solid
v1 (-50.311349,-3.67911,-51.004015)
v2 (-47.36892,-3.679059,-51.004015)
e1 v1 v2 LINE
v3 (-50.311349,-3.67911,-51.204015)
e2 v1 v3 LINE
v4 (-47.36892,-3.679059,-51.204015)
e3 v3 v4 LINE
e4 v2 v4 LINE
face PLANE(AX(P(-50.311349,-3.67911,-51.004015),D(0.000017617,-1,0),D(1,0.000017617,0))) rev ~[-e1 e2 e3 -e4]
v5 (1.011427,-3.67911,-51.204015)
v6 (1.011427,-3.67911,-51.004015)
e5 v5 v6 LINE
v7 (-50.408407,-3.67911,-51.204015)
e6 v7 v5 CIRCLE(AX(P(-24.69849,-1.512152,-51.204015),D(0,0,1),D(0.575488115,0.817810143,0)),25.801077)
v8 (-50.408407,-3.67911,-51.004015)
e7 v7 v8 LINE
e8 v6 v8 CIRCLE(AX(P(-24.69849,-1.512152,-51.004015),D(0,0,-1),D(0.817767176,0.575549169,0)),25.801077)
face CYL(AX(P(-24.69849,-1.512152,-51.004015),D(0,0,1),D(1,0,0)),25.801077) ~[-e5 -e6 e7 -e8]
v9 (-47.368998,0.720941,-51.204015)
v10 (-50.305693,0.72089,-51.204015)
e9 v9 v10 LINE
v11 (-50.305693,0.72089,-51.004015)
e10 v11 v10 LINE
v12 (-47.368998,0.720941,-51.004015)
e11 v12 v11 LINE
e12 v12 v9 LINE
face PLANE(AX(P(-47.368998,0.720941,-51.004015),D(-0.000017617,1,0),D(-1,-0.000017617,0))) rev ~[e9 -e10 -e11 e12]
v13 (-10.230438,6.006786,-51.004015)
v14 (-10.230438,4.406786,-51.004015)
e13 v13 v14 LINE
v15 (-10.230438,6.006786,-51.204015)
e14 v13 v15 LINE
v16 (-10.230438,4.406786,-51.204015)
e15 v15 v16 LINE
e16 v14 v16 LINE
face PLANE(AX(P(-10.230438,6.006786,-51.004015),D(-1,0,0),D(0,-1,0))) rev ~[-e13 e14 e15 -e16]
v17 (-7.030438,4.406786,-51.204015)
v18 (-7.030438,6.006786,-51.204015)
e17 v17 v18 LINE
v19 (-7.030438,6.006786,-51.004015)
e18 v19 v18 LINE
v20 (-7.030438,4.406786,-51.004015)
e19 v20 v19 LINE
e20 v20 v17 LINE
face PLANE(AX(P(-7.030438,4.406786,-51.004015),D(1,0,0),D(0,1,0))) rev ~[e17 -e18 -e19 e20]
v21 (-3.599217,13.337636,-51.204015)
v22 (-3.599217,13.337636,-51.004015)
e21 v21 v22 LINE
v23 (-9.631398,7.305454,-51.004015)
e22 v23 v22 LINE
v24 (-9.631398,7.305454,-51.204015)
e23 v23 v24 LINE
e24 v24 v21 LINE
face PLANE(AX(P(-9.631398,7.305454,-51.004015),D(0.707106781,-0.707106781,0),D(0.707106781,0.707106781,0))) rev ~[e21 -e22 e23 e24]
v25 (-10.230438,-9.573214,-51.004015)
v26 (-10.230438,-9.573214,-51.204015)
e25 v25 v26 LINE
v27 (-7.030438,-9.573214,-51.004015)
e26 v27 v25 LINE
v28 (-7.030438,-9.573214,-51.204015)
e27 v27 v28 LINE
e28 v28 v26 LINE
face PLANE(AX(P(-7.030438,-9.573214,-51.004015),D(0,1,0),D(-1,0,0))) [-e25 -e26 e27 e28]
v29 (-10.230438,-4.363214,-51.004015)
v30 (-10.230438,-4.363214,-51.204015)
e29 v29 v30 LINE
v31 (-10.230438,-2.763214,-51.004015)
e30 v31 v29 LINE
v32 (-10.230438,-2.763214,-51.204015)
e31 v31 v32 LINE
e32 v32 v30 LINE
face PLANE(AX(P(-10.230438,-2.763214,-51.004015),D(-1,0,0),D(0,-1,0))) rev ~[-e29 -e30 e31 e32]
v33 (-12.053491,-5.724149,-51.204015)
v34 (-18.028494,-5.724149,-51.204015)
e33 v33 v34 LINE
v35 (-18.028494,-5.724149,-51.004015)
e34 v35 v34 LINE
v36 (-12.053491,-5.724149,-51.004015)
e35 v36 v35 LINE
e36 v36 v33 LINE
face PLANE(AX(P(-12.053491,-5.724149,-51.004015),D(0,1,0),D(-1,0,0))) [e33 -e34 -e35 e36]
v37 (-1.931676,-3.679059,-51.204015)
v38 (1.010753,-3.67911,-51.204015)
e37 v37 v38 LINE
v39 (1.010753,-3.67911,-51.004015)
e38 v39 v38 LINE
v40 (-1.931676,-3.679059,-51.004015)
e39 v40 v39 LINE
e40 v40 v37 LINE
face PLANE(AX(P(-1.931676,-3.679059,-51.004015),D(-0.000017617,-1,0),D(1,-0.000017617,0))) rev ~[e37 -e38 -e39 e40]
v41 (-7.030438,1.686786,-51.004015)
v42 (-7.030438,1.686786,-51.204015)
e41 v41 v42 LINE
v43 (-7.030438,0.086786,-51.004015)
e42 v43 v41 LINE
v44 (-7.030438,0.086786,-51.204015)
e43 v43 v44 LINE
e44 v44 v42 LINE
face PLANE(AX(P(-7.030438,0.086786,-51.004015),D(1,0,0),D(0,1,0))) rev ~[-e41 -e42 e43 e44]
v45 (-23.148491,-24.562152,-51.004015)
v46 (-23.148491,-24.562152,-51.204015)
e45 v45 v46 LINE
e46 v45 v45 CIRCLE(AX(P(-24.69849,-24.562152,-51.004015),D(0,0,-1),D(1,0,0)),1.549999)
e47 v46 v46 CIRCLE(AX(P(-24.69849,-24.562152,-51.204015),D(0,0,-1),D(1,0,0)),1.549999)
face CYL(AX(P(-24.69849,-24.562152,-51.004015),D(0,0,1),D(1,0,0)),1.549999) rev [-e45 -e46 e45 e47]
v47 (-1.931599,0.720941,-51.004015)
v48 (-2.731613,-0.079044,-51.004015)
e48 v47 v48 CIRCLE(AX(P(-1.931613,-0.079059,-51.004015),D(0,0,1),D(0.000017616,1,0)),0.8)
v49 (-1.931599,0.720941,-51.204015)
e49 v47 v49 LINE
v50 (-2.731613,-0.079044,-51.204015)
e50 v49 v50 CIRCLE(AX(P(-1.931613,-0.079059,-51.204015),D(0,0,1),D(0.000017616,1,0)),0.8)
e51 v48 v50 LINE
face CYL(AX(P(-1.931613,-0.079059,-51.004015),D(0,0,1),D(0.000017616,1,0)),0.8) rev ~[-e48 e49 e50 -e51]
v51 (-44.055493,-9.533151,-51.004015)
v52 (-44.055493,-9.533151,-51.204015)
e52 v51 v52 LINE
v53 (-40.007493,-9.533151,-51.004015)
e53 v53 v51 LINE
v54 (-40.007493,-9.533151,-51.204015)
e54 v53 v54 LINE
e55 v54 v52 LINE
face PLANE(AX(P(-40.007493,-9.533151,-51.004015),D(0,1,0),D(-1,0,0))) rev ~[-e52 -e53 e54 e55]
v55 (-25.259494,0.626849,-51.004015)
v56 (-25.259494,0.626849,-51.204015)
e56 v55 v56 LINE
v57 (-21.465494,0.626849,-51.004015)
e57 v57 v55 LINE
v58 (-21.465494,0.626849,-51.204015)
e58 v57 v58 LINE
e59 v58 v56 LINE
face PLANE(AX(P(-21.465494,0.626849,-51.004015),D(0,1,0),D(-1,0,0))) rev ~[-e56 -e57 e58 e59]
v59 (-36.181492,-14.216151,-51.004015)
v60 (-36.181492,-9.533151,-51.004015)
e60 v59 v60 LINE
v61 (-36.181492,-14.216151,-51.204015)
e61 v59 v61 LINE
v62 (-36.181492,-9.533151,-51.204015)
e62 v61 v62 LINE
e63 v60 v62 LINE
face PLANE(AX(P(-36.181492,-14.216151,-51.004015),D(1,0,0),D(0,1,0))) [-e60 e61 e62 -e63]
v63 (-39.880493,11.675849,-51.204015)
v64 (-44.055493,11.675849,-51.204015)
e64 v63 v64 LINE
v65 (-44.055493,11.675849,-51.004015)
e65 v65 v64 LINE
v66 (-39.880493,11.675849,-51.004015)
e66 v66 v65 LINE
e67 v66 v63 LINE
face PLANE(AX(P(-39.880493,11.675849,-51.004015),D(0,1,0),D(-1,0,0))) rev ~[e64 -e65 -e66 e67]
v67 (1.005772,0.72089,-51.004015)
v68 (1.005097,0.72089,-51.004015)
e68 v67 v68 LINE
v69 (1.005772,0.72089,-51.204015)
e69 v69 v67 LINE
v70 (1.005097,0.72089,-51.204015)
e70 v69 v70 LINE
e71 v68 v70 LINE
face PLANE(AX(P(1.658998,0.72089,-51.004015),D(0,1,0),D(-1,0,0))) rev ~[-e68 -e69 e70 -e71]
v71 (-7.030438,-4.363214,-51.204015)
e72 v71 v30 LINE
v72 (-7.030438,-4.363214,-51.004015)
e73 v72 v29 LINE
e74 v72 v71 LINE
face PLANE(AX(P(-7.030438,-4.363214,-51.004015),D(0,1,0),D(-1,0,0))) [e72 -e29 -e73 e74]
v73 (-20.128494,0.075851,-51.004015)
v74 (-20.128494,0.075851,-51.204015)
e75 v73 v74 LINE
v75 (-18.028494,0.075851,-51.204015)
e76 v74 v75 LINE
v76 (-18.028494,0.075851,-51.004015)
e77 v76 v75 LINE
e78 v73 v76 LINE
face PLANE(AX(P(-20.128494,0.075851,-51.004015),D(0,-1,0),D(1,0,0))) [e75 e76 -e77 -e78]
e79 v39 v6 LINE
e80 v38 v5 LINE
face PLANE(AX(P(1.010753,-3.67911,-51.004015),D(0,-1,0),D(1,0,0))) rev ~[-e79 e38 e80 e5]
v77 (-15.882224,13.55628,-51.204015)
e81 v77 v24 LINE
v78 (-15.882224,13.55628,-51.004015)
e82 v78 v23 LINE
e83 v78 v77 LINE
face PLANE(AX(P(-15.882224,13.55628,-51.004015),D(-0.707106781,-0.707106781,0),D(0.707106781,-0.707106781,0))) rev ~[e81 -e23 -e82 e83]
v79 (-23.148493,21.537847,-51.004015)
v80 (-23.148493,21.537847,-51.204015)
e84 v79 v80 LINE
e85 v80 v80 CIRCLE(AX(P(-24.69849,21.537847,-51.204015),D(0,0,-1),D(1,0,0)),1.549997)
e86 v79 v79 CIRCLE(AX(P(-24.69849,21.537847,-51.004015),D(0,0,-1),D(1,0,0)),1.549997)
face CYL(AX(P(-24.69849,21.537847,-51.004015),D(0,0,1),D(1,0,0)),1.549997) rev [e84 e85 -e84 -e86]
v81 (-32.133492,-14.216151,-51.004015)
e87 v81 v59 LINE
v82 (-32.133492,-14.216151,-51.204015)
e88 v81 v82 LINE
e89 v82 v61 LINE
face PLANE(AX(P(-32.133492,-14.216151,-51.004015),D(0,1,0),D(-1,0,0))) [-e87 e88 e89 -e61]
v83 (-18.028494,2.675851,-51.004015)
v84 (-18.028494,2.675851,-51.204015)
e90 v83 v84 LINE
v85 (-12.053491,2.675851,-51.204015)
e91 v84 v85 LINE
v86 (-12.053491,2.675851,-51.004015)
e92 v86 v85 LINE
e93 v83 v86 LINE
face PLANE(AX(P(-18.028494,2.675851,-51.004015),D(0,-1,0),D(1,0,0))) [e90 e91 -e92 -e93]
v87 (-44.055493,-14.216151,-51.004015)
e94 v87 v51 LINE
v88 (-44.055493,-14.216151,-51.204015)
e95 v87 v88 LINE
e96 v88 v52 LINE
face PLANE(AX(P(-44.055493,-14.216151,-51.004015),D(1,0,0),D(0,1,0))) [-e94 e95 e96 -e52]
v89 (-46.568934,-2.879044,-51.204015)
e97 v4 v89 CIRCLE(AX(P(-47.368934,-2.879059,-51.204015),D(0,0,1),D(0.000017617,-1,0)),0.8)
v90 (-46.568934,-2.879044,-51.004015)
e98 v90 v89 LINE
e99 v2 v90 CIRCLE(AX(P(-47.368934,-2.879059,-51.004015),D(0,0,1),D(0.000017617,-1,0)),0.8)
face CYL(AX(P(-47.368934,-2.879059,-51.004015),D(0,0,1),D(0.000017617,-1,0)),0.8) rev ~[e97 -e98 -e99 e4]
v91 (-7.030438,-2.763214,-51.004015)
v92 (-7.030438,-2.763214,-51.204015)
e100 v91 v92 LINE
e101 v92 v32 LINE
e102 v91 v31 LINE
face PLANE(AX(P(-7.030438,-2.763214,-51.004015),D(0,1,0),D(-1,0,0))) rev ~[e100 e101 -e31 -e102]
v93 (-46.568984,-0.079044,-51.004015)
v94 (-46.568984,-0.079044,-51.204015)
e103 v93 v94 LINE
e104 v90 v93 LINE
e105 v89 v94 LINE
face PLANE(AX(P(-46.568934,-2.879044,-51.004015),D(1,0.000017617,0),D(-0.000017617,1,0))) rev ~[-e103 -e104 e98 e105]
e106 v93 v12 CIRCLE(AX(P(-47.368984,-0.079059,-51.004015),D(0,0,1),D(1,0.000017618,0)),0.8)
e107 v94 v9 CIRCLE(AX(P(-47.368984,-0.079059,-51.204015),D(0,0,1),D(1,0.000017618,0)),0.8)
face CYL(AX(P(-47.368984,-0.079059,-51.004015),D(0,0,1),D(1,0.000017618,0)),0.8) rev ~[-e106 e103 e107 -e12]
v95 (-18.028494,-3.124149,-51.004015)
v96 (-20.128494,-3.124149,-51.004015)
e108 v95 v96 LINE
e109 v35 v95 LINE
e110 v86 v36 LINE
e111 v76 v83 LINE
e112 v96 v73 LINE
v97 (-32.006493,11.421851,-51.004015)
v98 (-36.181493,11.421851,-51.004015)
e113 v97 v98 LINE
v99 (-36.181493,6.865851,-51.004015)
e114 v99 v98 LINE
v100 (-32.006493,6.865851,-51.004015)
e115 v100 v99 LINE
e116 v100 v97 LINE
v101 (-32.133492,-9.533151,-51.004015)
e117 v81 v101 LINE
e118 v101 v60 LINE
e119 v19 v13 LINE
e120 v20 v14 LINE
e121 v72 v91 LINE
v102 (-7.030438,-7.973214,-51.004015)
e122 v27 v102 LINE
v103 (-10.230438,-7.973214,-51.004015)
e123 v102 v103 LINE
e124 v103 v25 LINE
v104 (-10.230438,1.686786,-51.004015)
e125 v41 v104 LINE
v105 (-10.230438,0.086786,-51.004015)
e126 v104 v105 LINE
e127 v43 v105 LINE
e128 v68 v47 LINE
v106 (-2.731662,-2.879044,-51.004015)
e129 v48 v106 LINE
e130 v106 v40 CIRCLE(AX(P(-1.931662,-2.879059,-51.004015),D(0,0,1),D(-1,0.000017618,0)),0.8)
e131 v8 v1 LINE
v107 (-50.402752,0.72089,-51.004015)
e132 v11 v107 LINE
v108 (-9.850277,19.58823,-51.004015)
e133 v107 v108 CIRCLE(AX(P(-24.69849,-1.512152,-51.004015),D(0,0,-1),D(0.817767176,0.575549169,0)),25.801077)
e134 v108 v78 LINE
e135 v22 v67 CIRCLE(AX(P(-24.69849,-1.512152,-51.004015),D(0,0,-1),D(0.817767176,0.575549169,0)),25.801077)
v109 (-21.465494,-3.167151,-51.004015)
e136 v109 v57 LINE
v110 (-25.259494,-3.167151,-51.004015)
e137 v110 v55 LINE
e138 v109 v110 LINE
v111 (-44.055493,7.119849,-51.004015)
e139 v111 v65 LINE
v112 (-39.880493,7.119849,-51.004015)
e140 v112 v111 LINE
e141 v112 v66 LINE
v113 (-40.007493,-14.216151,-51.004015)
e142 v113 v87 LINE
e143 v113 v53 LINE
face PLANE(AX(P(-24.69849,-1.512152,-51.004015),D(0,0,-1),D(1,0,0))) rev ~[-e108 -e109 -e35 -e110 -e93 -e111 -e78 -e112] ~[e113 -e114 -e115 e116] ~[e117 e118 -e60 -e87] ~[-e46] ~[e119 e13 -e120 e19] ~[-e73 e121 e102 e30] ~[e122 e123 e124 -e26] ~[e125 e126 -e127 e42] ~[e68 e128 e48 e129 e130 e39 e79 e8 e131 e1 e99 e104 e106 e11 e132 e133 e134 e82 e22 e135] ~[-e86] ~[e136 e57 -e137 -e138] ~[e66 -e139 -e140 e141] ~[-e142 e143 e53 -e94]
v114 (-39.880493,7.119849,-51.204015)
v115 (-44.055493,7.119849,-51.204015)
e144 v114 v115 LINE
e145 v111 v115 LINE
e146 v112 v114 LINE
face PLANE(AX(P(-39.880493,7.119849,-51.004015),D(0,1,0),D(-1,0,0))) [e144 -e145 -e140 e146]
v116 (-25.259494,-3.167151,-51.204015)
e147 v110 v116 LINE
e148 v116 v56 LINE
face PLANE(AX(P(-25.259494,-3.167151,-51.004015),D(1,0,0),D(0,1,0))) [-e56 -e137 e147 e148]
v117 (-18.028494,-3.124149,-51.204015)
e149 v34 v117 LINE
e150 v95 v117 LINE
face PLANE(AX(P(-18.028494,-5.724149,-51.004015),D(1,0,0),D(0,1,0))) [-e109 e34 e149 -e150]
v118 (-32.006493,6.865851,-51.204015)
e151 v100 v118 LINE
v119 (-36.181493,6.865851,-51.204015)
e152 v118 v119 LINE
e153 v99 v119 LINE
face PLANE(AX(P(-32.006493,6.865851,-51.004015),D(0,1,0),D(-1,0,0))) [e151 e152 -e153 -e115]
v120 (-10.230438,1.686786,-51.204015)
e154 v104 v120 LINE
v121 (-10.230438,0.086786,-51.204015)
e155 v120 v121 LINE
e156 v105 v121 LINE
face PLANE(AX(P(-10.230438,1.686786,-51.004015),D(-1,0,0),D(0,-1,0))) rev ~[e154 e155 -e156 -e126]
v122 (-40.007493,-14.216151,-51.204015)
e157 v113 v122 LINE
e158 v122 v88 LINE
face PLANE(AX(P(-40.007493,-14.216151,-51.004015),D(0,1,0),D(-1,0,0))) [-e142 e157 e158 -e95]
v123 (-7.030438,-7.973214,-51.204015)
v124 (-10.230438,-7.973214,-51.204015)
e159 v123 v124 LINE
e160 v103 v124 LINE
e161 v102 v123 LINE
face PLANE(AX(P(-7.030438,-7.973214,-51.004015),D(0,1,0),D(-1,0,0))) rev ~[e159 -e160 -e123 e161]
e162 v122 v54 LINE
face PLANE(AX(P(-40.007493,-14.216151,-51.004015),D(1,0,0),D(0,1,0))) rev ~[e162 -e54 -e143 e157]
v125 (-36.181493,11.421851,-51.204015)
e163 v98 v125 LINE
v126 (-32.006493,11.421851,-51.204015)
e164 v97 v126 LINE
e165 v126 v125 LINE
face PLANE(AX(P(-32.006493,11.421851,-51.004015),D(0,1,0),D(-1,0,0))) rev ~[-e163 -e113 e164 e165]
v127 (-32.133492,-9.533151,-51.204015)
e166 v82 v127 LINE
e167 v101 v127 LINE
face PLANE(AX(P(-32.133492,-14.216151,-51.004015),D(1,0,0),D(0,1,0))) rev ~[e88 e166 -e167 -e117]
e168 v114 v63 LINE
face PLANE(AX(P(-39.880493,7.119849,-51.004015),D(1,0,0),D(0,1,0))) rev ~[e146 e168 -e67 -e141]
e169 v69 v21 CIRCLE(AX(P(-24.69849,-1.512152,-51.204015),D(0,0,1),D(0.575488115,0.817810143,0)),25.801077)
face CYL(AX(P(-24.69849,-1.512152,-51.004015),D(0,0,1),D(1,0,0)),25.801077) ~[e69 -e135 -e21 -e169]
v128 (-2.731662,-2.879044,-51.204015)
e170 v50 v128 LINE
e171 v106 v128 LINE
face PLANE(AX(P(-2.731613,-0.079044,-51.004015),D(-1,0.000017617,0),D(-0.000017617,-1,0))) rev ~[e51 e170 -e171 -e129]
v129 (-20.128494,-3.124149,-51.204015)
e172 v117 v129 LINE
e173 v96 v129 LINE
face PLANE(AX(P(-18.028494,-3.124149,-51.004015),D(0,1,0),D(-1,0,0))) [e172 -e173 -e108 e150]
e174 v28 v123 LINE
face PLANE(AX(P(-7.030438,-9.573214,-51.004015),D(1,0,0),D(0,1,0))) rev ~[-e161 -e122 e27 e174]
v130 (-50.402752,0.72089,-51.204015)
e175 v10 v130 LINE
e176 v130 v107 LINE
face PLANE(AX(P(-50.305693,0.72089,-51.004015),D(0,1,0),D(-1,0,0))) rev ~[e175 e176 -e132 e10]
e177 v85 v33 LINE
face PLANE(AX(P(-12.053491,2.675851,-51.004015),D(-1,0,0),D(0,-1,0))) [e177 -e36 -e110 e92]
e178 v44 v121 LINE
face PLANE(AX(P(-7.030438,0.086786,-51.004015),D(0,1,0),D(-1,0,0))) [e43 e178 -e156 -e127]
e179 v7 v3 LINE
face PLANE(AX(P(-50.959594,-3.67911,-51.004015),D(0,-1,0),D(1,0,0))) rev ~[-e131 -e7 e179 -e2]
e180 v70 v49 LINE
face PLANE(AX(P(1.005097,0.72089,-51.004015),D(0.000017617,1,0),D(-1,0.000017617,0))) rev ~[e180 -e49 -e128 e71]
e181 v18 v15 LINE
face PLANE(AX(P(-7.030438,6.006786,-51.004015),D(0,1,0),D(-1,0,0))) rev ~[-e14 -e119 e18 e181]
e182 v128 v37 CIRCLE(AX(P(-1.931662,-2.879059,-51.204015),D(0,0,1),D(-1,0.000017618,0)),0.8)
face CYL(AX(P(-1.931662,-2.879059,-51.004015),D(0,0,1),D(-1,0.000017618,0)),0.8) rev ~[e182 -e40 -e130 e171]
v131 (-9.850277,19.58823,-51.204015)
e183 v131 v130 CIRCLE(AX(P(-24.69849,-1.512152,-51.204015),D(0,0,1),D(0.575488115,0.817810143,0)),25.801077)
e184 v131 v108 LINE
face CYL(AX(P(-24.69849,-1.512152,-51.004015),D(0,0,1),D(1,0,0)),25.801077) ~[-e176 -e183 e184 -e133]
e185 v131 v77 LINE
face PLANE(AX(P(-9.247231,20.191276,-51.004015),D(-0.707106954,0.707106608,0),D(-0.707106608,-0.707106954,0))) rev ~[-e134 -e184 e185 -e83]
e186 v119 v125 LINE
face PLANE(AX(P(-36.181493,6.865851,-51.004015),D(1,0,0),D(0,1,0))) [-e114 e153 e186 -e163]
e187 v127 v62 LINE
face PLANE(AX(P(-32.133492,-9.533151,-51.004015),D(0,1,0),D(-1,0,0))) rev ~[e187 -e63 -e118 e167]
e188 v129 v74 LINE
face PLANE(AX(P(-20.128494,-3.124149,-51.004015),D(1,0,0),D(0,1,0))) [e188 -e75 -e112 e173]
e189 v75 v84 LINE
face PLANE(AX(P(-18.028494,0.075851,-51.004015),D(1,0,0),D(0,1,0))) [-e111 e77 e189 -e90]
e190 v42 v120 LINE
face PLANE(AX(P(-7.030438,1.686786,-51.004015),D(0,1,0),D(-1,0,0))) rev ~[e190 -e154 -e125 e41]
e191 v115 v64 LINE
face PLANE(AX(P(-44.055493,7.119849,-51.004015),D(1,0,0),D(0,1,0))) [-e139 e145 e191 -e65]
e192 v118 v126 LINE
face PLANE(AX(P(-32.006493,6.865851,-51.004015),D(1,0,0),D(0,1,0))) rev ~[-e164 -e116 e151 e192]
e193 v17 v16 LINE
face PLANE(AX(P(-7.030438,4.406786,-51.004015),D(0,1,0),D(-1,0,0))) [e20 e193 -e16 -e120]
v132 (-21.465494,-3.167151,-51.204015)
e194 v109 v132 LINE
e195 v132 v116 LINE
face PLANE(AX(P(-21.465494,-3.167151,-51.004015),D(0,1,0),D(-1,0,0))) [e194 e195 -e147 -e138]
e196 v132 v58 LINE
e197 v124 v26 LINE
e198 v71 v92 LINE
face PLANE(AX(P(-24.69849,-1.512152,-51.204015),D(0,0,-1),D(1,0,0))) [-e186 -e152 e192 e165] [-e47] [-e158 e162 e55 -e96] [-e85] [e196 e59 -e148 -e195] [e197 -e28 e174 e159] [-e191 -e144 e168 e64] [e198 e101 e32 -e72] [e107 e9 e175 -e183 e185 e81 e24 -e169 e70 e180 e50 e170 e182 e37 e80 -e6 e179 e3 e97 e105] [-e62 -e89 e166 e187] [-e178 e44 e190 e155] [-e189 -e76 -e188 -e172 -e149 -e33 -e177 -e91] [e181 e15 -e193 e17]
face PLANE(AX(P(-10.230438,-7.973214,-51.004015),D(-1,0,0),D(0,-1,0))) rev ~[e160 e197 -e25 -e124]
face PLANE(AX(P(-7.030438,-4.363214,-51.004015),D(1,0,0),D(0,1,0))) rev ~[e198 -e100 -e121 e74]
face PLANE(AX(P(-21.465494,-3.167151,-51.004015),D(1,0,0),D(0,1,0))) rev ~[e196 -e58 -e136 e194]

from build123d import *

# Parameters (mm, degrees)
EXTRUDE_START       = -3.8
SKETCH_1_R          = 25.801076528
SKETCH_1_R_2        = 1.549997321
SKETCH_1_R_3        = 1.54999944
EXTRUDE_1_DEPTH     = 0.2
CUT_EXTRUDE_START   = -3.8
SKETCH_2_W          = 3.794
SKETCH_2_H          = 3.794
SKETCH_2_W_2        = 4.175
SKETCH_2_H_2        = 4.556
SKETCH_2_W_3        = 4.048
SKETCH_2_H_3        = 4.683
CUT_EXTRUDE_1_DEPTH = 0.2
CUT_EXTRUDE_2_DEPTH = 0.2
CUT_EXTRUDE_3_DEPTH = 0.2
CUT_EXTRUDE_4_DEPTH = 0.2
CUT_EXTRUDE_5_DEPTH = 0.2


with BuildPart() as part:
    # 草图1 → 凸台-拉伸1 (new body)
    with BuildSketch(Plane(origin=(0, 0, -54.8040151), x_dir=(-1, 0, 0), z_dir=(0, 0, -1)).offset(EXTRUDE_START)):
        with Locations(Location((24.698490112, -1.512152456, 0), (0, 0, 180))):
            Circle(SKETCH_1_R)
        with Locations(Location((24.698490112, 21.537847164, 0), (0, 0, 180))):
            Circle(SKETCH_1_R_2, mode=Mode.SUBTRACT)
        with Locations(Location((24.698490112, -24.562152076, 0), (0, 0, 180))):
            Circle(SKETCH_1_R_3, mode=Mode.SUBTRACT)
    extrude(amount=EXTRUDE_1_DEPTH)

    # 草图2 → 切除-拉伸1 (cut)
    with BuildSketch(Plane(origin=(0, 0, -54.8040151), x_dir=(-1, 0, 0), z_dir=(0, 0, -1)).offset(CUT_EXTRUDE_START)):
        with Locations((23.362494109, -1.270150744)):
            Rectangle(SKETCH_2_W, SKETCH_2_H)
        with Locations((34.093992827, 9.14385072)):
            Rectangle(SKETCH_2_W_2, SKETCH_2_H_2)
        with Locations((41.967993376, 9.397848523)):
            Rectangle(SKETCH_2_W_2, SKETCH_2_H_2)
        with Locations((34.157492278, -11.874650561)):
            Rectangle(SKETCH_2_W_3, SKETCH_2_H_3)
        with Locations((42.031492827, -11.874650561)):
            Rectangle(SKETCH_2_W_3, SKETCH_2_H_3)
    extrude(amount=CUT_EXTRUDE_1_DEPTH, mode=Mode.SUBTRACT)

    # 草图3 → 切除-拉伸2 (cut)
    with BuildSketch(Plane(origin=(0, 0, -54.8040151), x_dir=(-1, 0, 0), z_dir=(0, 0, -1)).offset(CUT_EXTRUDE_START)):
        Polygon((15.882224059, 13.556279819), (9.63139829, 7.305454051), (2.996403479, 13.940448863), (9.247230868, 20.191276253), align=None)
    extrude(amount=CUT_EXTRUDE_2_DEPTH, mode=Mode.SUBTRACT)

    # 草图4 → 切除-拉伸3 (cut)
    with BuildSketch(Plane(origin=(0, 0, -54.8040151), x_dir=(-1, 0, 0), z_dir=(0, 0, -1)).offset(CUT_EXTRUDE_START)):
        Polygon((7.030438471, 4.406785556), (7.030438471, 6.006785556), (10.230438471, 6.006785556), (10.230438471, 4.406785556), (8.630438471, 4.406785556), align=None)
        Polygon((7.030438471, 0.086785556), (7.030438471, 1.686785556), (10.230438471, 1.686785556), (10.230438471, 0.086785556), (8.630438471, 0.086785556), align=None)
        Polygon((7.030438471, -4.363214444), (7.030438471, -2.763214444), (10.230438471, -2.763214444), (10.230438471, -4.363214444), (8.630438471, -4.363214444), align=None)
        Polygon((7.030438471, -9.573214444), (7.030438471, -7.973214444), (10.230438471, -7.973214444), (10.230438471, -9.573214444), (8.630438471, -9.573214444), align=None)
    extrude(amount=CUT_EXTRUDE_3_DEPTH, mode=Mode.SUBTRACT)

    # 草图5 → 切除-拉伸4 (cut)
    with BuildSketch(Plane(origin=(0, 0, -54.8040151), x_dir=(-1, 0, 0), z_dir=(0, 0, -1)).offset(CUT_EXTRUDE_START)):
        Polygon((14.853491423, 2.675851453), (12.053491423, 2.675851453), (12.053491423, -5.724148547), (14.853491423, -5.724148547), (18.028494414, -5.724148547), (18.028494414, -3.124148547), (20.128494414, -3.124148547), (20.128494414, 0.075851453), (18.028494414, 0.075851453), (18.028494414, 2.675851453), (17.653491423, 2.675851453), align=None)
    extrude(amount=CUT_EXTRUDE_4_DEPTH, mode=Mode.SUBTRACT)

    # 草图7 → 切除-拉伸5 (cut)
    with BuildSketch(Plane(origin=(0, 0, -54.8040151), x_dir=(-1, 0, 0), z_dir=(0, 0, -1)).offset(CUT_EXTRUDE_START)):
        with BuildLine():
            Line((50.959593828, -3.679110402), (50.311348997, -3.679110402))
            Line((50.311348997, -3.679110402), (47.368920104, -3.679058566))
            ThreePointArc((47.368920104, -3.679058566), (46.803238807, -3.444734025), (46.568934198, -2.879044472))
            Line((46.568934198, -2.879044472), (46.568983525, -0.079044473))
            ThreePointArc((46.568983525, -0.079044473), (46.803308066, 0.486636824), (47.368997619, 0.720941434))
            Line((47.368997619, 0.720941434), (50.305693305, 0.720889698))
            Line((50.305693305, 0.720889698), (50.959593828, 0.720889698))
            Line((50.959593828, 0.720889698), (50.959593828, -3.679110402))
        make_face()
        with BuildLine():
            Line((-1.005097138, 0.720889698), (1.931598548, 0.720941434))
            ThreePointArc((1.931598548, 0.720941434), (2.497288101, 0.486636824), (2.731612641, -0.079044473))
            Line((2.731612641, -0.079044473), (2.731661969, -2.879044472))
            ThreePointArc((2.731661969, -2.879044472), (2.49735736, -3.444734025), (1.931676063, -3.679058566))
            Line((1.931676063, -3.679058566), (-1.01075283, -3.679110402))
            Line((-1.01075283, -3.679110402), (-1.658997661, -3.679110402))
            Line((-1.658997661, -3.679110402), (-1.658997661, 0.720889698))
            Line((-1.658997661, 0.720889698), (-1.005097138, 0.720889698))
        make_face()
    extrude(amount=CUT_EXTRUDE_5_DEPTH, mode=Mode.SUBTRACT)


solid = part.part
